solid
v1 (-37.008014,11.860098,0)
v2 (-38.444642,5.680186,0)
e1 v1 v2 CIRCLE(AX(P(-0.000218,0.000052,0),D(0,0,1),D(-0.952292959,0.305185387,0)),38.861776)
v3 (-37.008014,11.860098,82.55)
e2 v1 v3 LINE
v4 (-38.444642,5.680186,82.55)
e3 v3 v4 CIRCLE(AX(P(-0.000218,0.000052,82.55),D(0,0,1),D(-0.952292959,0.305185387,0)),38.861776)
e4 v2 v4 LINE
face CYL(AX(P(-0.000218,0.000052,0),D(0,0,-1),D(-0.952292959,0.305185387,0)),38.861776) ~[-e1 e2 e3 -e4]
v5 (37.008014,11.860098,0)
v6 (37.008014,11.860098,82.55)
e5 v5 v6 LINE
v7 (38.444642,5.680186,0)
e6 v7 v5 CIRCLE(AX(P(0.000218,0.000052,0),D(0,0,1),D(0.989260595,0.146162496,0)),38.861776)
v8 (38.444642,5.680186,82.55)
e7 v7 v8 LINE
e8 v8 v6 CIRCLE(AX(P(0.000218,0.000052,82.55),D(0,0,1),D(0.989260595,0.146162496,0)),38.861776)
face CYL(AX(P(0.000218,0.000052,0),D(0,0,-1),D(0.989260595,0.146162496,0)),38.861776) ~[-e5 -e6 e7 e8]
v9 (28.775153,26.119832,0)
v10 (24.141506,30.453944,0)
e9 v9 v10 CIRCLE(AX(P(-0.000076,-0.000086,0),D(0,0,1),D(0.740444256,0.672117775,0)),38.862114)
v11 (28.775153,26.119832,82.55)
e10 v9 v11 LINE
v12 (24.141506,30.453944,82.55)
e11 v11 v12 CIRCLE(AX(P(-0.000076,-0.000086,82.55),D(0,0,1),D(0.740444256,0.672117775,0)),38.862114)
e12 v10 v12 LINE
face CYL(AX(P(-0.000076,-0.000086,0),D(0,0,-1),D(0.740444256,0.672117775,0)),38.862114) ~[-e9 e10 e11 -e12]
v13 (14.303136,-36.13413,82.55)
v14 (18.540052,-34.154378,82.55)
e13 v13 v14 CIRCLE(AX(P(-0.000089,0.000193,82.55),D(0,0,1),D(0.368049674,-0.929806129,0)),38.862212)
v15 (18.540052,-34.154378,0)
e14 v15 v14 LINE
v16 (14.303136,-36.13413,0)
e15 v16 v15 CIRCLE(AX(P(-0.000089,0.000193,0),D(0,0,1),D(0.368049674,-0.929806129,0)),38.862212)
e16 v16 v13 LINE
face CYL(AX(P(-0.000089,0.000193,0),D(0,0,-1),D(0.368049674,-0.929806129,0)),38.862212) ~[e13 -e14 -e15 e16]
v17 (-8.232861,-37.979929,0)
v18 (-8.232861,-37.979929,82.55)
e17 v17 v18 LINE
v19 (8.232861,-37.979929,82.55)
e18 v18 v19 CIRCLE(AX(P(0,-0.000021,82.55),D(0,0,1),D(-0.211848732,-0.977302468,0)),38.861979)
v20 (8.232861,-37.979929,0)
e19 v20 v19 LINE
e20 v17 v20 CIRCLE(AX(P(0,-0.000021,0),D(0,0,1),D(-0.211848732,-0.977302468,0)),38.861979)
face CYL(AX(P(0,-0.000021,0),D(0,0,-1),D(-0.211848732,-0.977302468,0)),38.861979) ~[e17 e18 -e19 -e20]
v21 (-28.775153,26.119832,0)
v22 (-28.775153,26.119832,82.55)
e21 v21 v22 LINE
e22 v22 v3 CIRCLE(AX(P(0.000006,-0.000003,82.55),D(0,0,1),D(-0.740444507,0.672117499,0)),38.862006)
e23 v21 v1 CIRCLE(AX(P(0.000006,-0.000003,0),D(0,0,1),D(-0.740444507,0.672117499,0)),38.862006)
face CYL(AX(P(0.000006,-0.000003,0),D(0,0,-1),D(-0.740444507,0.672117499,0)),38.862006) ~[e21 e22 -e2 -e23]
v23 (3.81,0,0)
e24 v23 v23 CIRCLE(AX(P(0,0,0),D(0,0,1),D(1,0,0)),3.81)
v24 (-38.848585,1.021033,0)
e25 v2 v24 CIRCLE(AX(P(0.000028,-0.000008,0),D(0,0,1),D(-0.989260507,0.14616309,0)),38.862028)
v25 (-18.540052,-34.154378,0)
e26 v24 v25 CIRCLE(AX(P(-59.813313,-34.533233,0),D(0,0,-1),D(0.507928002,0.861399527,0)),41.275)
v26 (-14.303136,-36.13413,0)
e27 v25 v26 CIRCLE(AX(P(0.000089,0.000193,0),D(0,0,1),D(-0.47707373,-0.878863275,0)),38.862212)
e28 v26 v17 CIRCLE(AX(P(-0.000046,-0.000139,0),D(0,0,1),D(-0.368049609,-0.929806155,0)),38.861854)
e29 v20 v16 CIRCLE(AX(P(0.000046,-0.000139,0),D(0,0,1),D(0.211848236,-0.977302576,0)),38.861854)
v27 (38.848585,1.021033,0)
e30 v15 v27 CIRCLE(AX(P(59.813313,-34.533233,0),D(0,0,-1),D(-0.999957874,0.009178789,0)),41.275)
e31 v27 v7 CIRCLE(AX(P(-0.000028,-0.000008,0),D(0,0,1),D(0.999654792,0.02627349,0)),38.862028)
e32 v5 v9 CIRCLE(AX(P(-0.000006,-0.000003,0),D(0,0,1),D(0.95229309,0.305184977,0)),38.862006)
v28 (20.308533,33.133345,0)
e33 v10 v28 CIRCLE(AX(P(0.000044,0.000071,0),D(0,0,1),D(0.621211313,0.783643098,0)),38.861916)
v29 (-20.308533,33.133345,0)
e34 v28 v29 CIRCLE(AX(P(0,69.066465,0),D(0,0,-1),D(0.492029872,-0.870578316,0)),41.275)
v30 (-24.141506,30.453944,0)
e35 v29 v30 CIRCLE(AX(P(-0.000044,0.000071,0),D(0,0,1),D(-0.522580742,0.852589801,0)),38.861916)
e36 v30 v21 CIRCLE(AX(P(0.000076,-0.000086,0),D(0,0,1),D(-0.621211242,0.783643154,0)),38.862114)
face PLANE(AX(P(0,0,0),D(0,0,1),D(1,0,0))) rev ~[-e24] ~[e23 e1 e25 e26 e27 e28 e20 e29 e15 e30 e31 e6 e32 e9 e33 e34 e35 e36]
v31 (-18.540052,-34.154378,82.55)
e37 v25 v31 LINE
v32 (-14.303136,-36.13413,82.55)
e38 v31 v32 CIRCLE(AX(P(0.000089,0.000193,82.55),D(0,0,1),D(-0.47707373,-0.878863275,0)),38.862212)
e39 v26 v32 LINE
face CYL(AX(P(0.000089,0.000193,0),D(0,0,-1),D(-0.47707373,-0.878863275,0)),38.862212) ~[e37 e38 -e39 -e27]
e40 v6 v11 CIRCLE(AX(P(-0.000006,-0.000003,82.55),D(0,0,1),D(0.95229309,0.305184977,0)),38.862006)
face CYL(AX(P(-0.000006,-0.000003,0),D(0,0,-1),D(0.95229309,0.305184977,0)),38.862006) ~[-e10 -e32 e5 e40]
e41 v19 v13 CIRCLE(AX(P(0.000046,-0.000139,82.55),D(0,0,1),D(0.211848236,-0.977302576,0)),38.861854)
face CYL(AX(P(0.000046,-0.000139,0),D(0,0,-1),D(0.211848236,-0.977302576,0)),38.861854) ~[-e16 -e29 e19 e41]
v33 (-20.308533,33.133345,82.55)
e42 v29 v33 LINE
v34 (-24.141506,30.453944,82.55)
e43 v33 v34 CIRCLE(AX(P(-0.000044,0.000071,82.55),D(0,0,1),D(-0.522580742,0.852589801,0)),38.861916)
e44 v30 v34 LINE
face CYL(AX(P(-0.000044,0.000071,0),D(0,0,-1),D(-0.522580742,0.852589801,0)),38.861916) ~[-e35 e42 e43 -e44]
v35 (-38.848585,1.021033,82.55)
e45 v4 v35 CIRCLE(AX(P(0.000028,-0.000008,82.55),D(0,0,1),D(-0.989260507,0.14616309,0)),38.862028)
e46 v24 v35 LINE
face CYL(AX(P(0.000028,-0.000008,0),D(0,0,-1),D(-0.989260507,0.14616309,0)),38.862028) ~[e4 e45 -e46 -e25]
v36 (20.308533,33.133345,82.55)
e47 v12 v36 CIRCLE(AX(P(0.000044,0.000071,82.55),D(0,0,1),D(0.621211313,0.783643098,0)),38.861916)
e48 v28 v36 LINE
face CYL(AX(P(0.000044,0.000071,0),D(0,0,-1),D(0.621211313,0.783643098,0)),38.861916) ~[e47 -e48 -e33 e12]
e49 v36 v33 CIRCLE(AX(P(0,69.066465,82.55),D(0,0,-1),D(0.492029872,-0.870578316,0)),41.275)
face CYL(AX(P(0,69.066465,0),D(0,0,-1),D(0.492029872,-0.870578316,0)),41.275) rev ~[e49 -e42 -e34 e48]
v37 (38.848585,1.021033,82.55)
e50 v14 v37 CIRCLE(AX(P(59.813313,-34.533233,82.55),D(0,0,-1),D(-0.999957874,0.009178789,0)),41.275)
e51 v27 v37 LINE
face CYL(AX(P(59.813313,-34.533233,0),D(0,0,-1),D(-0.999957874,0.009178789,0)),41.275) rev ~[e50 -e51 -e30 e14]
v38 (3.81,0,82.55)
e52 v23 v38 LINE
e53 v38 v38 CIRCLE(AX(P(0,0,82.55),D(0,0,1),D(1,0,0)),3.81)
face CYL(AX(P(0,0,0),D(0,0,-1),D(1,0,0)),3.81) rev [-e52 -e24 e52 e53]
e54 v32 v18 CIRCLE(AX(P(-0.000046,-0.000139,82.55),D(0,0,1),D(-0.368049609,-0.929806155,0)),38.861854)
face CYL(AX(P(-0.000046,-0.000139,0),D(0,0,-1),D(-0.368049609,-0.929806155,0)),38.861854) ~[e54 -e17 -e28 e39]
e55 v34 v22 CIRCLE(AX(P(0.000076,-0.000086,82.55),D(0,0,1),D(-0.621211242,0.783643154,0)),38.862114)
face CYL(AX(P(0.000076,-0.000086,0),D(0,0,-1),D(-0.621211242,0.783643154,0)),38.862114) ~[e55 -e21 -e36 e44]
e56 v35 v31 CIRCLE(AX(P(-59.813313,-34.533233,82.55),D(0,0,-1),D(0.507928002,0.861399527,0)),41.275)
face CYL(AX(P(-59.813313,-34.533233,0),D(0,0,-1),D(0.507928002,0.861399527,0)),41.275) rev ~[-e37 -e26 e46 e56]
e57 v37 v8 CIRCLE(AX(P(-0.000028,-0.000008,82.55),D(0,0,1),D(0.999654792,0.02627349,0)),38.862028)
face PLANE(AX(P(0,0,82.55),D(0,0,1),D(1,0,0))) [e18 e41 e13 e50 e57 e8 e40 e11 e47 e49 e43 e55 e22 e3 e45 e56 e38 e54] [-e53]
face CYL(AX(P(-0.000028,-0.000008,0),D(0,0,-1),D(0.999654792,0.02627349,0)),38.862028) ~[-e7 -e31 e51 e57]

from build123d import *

# Parameters (mm, degrees)
F0_R     = 3.81
F1_DEPTH = 82.55


with BuildPart() as f1:
    # F0 (on Top) → F1 (new body)
    with BuildSketch(Plane.XY):
        with BuildLine():
            ThreePointArc((20.308533, 33.133345), (0, 27.791465), (-20.308533, 33.133345))
            ThreePointArc((-20.308533, 33.133345), (-22.265361, 31.851354), (-24.141506, 30.453944))
            ThreePointArc((-24.141506, 30.453944), (-24.378061, 26.06285), (-28.775153, 26.119832))
            ThreePointArc((-28.775153, 26.119832), (-33.655479, 19.431), (-37.008014, 11.860098))
            ThreePointArc((-37.008014, 11.860098), (-34.76012, 8.080595), (-38.444642, 5.680186))
            ThreePointArc((-38.444642, 5.680186), (-38.716762, 3.356691), (-38.848585, 1.021033))
            ThreePointArc((-38.848585, 1.021033), (-24.068115, -13.895732), (-18.540052, -34.154378))
            ThreePointArc((-18.540052, -34.154378), (-16.451401, -35.208045), (-14.303136, -36.13413))
            ThreePointArc((-14.303136, -36.13413), (-10.382059, -34.143445), (-8.232861, -37.979929))
            ThreePointArc((-8.232861, -37.979929), (0, -38.862), (8.232861, -37.979929))
            ThreePointArc((8.232861, -37.979929), (10.382059, -34.143445), (14.303136, -36.13413))
            ThreePointArc((14.303136, -36.13413), (16.451401, -35.208045), (18.540052, -34.154378))
            ThreePointArc((18.540052, -34.154378), (24.068115, -13.895732), (38.848585, 1.021033))
            ThreePointArc((38.848585, 1.021033), (38.716762, 3.356691), (38.444642, 5.680186))
            ThreePointArc((38.444642, 5.680186), (34.76012, 8.080595), (37.008014, 11.860098))
            ThreePointArc((37.008014, 11.860098), (33.655479, 19.431), (28.775153, 26.119832))
            ThreePointArc((28.775153, 26.119832), (24.378061, 26.06285), (24.141506, 30.453944))
            ThreePointArc((24.141506, 30.453944), (22.265361, 31.851354), (20.308533, 33.133345))
        make_face()
        Circle(F0_R, mode=Mode.SUBTRACT)
        with BuildLine():
            ThreePointArc((-28.775153, 26.119832), (-24.378061, 26.06285), (-24.141506, 30.453944))
            ThreePointArc((-24.141506, 30.453944), (-26.546927, 28.381608), (-28.775153, 26.119832))
        make_face()
        with BuildLine():
            ThreePointArc((28.775153, 26.119832), (26.546927, 28.381608), (24.141506, 30.453944))
            ThreePointArc((24.141506, 30.453944), (24.378061, 26.06285), (28.775153, 26.119832))
        make_face()
        with BuildLine():
            ThreePointArc((-38.444642, 5.680186), (-34.76012, 8.080595), (-37.008014, 11.860098))
            ThreePointArc((-37.008014, 11.860098), (-37.852658, 8.799509), (-38.444642, 5.680186))
        make_face()
        with BuildLine():
            ThreePointArc((38.444642, 5.680186), (37.852658, 8.799509), (37.008014, 11.860098))
            ThreePointArc((37.008014, 11.860098), (34.76012, 8.080595), (38.444642, 5.680186))
        make_face()
        with BuildLine():
            ThreePointArc((-8.232861, -37.979929), (-10.382059, -34.143445), (-14.303136, -36.13413))
            ThreePointArc((-14.303136, -36.13413), (-11.30573, -37.181118), (-8.232861, -37.979929))
        make_face()
        with BuildLine():
            ThreePointArc((8.232861, -37.979929), (11.30573, -37.181118), (14.303136, -36.13413))
            ThreePointArc((14.303136, -36.13413), (10.382059, -34.143445), (8.232861, -37.979929))
        make_face()
    extrude(amount=F1_DEPTH)


solid = f1.part
